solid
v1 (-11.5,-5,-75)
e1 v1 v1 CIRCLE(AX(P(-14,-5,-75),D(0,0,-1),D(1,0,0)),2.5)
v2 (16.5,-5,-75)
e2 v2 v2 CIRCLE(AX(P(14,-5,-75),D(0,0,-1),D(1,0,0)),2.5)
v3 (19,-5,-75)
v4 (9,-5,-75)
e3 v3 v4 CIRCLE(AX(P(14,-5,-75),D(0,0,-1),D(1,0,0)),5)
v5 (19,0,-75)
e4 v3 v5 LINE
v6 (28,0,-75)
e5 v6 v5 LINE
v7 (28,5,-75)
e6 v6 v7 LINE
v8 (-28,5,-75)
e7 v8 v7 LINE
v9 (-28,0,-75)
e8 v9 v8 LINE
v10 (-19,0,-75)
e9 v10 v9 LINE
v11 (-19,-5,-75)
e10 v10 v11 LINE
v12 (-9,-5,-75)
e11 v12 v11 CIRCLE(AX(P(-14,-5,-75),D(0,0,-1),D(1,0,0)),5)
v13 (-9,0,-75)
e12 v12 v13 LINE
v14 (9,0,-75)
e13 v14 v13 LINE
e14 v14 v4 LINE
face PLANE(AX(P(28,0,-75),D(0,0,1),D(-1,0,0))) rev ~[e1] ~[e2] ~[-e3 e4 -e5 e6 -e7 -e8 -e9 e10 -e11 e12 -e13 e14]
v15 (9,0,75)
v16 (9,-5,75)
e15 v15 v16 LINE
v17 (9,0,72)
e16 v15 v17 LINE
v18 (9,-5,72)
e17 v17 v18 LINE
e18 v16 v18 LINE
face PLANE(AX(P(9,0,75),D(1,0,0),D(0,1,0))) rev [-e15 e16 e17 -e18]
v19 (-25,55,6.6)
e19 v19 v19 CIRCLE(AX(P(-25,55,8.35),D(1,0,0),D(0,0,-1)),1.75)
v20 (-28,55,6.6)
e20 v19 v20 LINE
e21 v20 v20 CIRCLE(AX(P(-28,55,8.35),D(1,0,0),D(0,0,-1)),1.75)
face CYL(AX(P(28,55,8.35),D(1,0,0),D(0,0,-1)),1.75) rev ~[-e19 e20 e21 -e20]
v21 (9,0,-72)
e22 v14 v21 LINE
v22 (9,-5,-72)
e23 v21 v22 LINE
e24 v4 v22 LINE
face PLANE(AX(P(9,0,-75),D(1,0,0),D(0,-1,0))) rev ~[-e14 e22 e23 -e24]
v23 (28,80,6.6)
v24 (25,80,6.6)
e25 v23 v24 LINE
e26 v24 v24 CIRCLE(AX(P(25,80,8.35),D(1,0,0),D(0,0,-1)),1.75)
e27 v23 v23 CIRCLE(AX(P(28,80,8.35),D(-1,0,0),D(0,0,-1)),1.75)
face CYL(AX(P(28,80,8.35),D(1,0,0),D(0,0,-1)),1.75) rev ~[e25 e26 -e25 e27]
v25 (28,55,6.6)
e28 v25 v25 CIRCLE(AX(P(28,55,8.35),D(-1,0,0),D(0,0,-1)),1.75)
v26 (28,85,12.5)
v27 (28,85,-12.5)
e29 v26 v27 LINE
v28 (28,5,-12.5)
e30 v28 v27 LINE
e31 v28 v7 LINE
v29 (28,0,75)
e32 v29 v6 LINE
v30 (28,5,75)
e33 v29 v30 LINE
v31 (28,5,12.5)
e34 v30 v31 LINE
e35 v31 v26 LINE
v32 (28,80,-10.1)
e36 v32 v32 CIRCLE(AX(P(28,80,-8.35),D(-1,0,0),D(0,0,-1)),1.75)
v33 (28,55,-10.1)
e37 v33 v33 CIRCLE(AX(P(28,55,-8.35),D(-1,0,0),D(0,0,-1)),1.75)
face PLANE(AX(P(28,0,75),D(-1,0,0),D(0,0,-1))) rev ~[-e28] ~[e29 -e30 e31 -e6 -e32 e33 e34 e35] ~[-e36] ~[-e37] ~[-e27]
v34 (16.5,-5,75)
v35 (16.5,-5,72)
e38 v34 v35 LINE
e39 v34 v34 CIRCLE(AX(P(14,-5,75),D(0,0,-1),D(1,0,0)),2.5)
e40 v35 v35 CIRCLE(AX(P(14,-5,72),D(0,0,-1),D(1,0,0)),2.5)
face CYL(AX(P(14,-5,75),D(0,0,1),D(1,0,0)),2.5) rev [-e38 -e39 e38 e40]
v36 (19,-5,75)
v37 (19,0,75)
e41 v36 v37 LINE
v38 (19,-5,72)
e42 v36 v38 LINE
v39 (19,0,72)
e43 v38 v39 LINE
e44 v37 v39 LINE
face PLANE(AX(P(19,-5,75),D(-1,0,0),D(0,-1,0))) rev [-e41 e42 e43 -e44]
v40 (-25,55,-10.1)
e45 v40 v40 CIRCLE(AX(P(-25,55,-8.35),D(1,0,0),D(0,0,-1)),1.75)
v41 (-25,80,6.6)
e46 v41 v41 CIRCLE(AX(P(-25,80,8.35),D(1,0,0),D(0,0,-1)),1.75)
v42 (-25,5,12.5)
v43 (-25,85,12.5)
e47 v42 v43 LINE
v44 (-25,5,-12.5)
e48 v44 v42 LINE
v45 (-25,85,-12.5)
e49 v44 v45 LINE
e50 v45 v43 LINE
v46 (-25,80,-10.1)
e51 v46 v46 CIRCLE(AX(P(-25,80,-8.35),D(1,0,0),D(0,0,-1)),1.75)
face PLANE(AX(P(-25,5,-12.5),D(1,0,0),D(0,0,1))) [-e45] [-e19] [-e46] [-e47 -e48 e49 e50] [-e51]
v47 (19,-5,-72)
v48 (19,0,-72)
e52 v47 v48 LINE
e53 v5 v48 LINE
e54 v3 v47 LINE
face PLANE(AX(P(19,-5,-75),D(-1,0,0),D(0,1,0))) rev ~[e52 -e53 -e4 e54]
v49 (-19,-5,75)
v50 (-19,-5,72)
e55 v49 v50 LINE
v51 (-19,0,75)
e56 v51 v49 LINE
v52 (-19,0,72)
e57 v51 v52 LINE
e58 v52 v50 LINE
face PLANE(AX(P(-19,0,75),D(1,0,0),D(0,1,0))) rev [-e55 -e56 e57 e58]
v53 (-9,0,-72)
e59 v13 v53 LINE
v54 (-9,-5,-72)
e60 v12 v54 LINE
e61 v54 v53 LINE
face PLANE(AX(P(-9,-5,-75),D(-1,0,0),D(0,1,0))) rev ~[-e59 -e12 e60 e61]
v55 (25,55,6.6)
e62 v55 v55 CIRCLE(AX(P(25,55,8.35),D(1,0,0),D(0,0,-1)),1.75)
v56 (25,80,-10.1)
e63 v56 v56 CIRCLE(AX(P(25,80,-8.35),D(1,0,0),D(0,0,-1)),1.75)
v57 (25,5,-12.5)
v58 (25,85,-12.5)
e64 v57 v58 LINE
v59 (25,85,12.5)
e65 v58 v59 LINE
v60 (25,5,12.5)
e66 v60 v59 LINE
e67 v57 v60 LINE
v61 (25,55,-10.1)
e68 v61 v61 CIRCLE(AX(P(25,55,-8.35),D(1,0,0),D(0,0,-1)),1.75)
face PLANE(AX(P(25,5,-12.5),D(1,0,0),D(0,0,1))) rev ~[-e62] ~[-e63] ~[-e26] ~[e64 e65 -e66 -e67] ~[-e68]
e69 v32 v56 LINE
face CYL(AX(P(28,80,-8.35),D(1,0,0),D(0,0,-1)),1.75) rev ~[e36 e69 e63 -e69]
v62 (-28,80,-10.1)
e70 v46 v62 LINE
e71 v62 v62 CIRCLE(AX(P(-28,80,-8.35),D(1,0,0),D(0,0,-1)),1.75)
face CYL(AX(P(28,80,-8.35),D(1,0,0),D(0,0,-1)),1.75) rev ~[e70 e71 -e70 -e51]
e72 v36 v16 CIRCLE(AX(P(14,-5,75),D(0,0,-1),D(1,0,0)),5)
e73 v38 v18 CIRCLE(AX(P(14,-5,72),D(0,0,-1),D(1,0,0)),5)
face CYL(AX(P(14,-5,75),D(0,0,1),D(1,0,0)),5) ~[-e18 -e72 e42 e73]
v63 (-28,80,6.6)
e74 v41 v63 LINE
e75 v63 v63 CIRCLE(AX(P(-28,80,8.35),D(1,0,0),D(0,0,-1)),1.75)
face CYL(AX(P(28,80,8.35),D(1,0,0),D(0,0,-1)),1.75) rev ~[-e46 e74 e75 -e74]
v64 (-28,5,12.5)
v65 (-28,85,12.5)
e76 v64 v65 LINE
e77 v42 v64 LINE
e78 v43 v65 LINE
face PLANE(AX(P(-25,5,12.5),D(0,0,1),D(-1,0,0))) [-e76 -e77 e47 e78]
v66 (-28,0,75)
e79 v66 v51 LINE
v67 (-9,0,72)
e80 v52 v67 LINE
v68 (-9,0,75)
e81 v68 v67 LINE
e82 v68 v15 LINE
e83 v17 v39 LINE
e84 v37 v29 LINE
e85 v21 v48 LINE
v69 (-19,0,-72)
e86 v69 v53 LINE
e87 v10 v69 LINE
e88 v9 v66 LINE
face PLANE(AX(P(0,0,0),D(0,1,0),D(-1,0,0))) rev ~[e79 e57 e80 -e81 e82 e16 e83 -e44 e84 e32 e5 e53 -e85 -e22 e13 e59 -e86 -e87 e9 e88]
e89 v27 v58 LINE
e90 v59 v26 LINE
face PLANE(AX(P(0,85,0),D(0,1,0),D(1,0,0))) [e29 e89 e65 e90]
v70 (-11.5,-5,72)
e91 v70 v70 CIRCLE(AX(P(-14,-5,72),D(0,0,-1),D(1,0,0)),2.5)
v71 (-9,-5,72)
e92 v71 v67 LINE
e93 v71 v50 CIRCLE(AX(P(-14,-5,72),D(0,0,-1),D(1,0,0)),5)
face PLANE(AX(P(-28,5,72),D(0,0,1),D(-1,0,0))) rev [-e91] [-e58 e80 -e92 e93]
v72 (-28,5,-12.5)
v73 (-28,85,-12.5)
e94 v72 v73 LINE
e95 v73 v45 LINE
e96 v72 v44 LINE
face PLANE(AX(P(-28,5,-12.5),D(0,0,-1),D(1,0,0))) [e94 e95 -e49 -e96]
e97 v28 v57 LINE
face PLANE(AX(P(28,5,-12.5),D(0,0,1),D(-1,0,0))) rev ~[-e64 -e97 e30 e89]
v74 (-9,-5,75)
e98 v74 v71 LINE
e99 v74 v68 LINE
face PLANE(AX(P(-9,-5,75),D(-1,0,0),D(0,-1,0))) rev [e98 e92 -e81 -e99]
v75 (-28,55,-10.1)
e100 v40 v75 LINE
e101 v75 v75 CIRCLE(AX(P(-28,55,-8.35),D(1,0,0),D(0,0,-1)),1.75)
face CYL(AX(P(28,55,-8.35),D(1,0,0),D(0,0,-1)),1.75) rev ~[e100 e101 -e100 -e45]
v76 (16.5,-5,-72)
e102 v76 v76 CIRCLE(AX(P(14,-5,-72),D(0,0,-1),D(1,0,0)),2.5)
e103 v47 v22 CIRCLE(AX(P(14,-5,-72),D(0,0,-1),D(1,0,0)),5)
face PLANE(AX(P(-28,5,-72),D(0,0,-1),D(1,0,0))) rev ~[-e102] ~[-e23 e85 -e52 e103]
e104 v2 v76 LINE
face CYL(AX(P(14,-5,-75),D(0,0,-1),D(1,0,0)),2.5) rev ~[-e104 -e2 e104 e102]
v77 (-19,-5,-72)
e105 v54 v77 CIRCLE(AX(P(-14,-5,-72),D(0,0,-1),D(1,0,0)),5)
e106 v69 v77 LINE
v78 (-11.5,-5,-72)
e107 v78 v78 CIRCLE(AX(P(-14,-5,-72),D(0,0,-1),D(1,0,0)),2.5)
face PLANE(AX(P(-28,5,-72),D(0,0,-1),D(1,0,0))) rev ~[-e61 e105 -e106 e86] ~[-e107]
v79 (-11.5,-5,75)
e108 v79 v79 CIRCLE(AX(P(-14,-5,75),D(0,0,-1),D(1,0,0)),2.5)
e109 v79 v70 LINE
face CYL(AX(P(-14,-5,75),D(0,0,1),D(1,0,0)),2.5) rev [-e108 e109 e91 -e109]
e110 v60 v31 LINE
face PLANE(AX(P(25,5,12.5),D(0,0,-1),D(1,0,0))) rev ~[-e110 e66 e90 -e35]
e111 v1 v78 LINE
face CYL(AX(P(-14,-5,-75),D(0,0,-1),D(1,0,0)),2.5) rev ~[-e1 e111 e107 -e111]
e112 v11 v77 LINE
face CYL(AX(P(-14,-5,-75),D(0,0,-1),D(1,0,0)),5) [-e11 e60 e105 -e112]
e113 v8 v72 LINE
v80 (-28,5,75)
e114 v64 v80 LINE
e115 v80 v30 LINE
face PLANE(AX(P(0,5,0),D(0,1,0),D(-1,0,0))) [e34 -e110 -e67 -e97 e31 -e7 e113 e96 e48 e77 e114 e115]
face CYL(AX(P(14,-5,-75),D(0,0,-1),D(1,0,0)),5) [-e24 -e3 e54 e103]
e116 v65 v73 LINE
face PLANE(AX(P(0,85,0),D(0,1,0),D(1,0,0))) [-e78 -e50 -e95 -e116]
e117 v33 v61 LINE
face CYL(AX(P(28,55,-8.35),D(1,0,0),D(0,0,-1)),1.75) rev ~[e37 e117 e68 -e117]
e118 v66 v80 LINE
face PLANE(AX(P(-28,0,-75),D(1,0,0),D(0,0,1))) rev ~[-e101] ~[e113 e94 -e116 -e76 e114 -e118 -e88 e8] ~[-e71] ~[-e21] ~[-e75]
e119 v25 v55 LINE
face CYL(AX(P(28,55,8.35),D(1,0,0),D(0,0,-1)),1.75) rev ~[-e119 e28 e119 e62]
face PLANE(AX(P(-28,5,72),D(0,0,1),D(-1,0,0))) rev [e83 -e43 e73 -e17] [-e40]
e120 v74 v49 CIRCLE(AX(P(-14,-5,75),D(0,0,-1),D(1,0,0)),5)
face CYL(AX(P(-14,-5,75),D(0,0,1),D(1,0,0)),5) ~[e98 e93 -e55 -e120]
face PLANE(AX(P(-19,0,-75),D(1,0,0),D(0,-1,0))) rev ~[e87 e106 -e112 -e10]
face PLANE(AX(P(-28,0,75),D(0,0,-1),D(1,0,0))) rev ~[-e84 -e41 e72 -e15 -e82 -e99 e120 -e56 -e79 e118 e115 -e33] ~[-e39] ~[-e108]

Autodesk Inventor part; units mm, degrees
ref_plane "YZ Plane" through (0, 0, 0) normal (1, 0, 0) x (0, 1, 0)
ref_plane "XZ Plane" through (0, 0, 0) normal (0, 1, 0) x (-1, 0, 0)
sketch "Sketch1" plane through (0, 0, 0) normal (0, 1, 0) x (-1, 0, 0)
  line L0 (28, 75) -> (-28, 75)
  line L1 (-28, 75) -> (-28, -75)
  line L2 (-28, -75) -> (28, -75)
  line L3 (28, -75) -> (28, 75)
  line L4 (28, 75) -> (-28, -75) construction
  line L5 (-28, 75) -> (28, -75) construction
  point P0 (0, 0)
  dimension "d0" = 56
  dimension "d1" = 150
extrude "Extrusion1" add sketch "Sketch1" along normal blind 5
sketch "Sketch2" plane through (0, 5, 0) normal (0, 1, 0) x (1, 0, 0)
  line L0 (-28, 12.5) -> (-25, 12.5)
  line L1 (-25, 12.5) -> (-25, -12.5)
  line L2 (-25, -12.5) -> (-28, -12.5)
  line L3 (-28, -12.5) -> (-28, 12.5)
  line L4 (-28, 75) -> (-28, -75) projected
  line L5 (0, 0) -> (0, 30.0888)
  line L6 (28, 12.5) -> (25, 12.5)
  line L7 (25, 12.5) -> (25, -12.5)
  line L8 (25, -12.5) -> (28, -12.5)
  line L9 (28, -12.5) -> (28, 12.5)
  point P0 (-28, 0)
  dimension "d4" = 3
  dimension "d5" = 25
extrude "Extrusion2" add sketch "Sketch2" along normal blind 80
sketch "Sketch3" plane through (28, 0, 75) normal (1, 0, 0) x (0, 0, -1)
  circle A0 centre (66.65, 55) radius 1.75
  circle A1 centre (66.65, 80) radius 1.75
  circle A2 centre (83.35, 80) radius 1.75
  circle A3 centre (83.35, 55) radius 1.75
  circle A4 centre (66.65, 55) radius 1.75
  circle A5 centre (66.65, 80) radius 1.75
  circle A6 centre (83.35, 80) radius 1.75
  circle A7 centre (83.35, 55) radius 1.75
  line L0 (83.35, 55) -> (66.65, 80)
  line L1 (66.65, 80) -> (66.65, 55)
  line L2 (66.65, 55) -> (83.35, 80)
  line L3 (83.35, 80) -> (83.35, 55)
  line L4 (66.65, 55) -> (83.35, 55)
  line L5 (83.35, 80) -> (66.65, 80)
  line L6 (0, 0) -> (150, 0) projected
  line L7 (150, 0) -> (150, 5) projected
  line L8 (87.5, 5) -> (150, 5) projected
  line L9 (87.5, 5) -> (87.5, 85) projected
  line L10 (62.5, 85) -> (87.5, 85) projected
  line L11 (62.5, 5) -> (62.5, 85) projected
  line L12 (0, 5) -> (62.5, 5) projected
  line L13 (0, 0) -> (0, 5) projected
  line L14 (62.5, 80) -> (87.5, 80)
  line L15 (87.5, 5) -> (87.5, 85) projected
  point P0 (75, 0)
  point P1 (75, 80)
  dimension "d12" = 5
  dimension "d14" = 16.7
  dimension "d15" = 25
extrude "Extrusion3" cut sketch "Sketch3" against normal through all contours L4 L2 A0 | A0 L1 L4 | L2 L1 A0 | L4 L3 A3 | A3 L0 L4 | L1 L0 A1 | A1 L14 L1 | A3 L3 L0 | L0 L5 A1 | L2 L3 A2 | A2 L5 L2 | A1 L5 L14 | A2 L14 L5 | L3 L14 A2
sketch "Sketch4" plane through (-28, 0, 75) normal (0, 0, 1) x (1, 0, 0)
  circle A0 centre (14, 10) radius 2.5
  circle A1 centre (42, 10) radius 2.5
  line L0 (6.5, 5) -> (9, 5)
  line L1 (47, 5) -> (49.5, 5)
  line L2 (47, 10) -> (47, 5)
  arc A2 (47, 10) -> (37, 10) centre (42, 10) ccw
  line L3 (37, 5) -> (37, 10)
  line L4 (19, 5) -> (37, 5)
  line L5 (19, 10) -> (19, 5)
  arc A3 (19, 10) -> (9, 10) centre (14, 10) ccw
  line L6 (9, 5) -> (9, 10)
  line L7 (0, 5) -> (56, 5) projected
  point P0 (28, 0)
  point P1 (33.2021, 4.5034)
  point P2 (28, 5)
  point P3 (9, 5)
  dimension "d18" = 43
  dimension "d19" = 18
  dimension "d20" = 5
  dimension "d21" = 5
  dimension "d22" = 5
  dimension "d23" = 5
  dimension "d24" = 5
  dimension "d25" = 5
extrude "Extrusion4" add sketch "Sketch4" against normal blind 3
ref_plane "Work Plane1" through (0, 2.5, 0) normal (0, -1, 0) x (1, 0, 0)
mirror "Mirror1" about plane through (0, 2.5, 0) normal (0, -1, 0) of "Extrusion4"
mirror "Mirror2" about plane through (0, 0, 0) normal (0, 0, 1) of "Extrusion4", "Mirror1"
sketch "Sketch5" plane through (28, 0, 75) normal (0, 0, 1) x (1, 0, 0)
  line L0 (-47, 5) -> (-56, 5) projected
  line L1 (0, 5) -> (-9, 5) projected
  line L2 (-47, 5) -> (-9, 5)
  circle A0 centre (-14, -5) radius 2.5 projected
  circle A1 centre (-42, -5) radius 2.5 projected
  circle A2 centre (-14, 10) radius 2.5 projected
  circle A3 centre (-42, 10) radius 2.5 projected
  line L3 (-56, 0) -> (-47, 0) projected
  line L4 (-47, -5) -> (-47, 0) projected
  arc A4 (-47, -5) -> (-37, -5) centre (-42, -5) ccw projected
  line L5 (-37, 0) -> (-37, -5) projected
  line L6 (-37, 0) -> (-19, 0) projected
  line L7 (-19, -5) -> (-19, 0) projected
  arc A5 (-19, -5) -> (-9, -5) centre (-14, -5) ccw projected
  line L8 (-9, 0) -> (-9, -5) projected
  line L9 (-9, 0) -> (0, 0) projected
  line L10 (0, 0) -> (0, 5) projected
  line L11 (-9, 5) -> (0, 5) projected
  line L12 (-9, 5) -> (-9, 10) projected
  arc A6 (-9, 10) -> (-19, 10) centre (-14, 10) ccw projected
  line L13 (-19, 10) -> (-19, 5) projected
  line L14 (-37, 5) -> (-19, 5) projected
  line L15 (-37, 5) -> (-37, 10) projected
  arc A7 (-37, 10) -> (-47, 10) centre (-42, 10) ccw projected
  line L16 (-47, 10) -> (-47, 5) projected
  line L17 (-56, 5) -> (-47, 5) projected
  line L18 (-56, 0) -> (-56, 5) projected
  point P0 (-28, 0)
extrude "Extrusion5" cut sketch "Sketch5" against normal through all contours L16 A7 L15 L2 | L13 A6 L12 L2
properties part number "Mounting atas"
